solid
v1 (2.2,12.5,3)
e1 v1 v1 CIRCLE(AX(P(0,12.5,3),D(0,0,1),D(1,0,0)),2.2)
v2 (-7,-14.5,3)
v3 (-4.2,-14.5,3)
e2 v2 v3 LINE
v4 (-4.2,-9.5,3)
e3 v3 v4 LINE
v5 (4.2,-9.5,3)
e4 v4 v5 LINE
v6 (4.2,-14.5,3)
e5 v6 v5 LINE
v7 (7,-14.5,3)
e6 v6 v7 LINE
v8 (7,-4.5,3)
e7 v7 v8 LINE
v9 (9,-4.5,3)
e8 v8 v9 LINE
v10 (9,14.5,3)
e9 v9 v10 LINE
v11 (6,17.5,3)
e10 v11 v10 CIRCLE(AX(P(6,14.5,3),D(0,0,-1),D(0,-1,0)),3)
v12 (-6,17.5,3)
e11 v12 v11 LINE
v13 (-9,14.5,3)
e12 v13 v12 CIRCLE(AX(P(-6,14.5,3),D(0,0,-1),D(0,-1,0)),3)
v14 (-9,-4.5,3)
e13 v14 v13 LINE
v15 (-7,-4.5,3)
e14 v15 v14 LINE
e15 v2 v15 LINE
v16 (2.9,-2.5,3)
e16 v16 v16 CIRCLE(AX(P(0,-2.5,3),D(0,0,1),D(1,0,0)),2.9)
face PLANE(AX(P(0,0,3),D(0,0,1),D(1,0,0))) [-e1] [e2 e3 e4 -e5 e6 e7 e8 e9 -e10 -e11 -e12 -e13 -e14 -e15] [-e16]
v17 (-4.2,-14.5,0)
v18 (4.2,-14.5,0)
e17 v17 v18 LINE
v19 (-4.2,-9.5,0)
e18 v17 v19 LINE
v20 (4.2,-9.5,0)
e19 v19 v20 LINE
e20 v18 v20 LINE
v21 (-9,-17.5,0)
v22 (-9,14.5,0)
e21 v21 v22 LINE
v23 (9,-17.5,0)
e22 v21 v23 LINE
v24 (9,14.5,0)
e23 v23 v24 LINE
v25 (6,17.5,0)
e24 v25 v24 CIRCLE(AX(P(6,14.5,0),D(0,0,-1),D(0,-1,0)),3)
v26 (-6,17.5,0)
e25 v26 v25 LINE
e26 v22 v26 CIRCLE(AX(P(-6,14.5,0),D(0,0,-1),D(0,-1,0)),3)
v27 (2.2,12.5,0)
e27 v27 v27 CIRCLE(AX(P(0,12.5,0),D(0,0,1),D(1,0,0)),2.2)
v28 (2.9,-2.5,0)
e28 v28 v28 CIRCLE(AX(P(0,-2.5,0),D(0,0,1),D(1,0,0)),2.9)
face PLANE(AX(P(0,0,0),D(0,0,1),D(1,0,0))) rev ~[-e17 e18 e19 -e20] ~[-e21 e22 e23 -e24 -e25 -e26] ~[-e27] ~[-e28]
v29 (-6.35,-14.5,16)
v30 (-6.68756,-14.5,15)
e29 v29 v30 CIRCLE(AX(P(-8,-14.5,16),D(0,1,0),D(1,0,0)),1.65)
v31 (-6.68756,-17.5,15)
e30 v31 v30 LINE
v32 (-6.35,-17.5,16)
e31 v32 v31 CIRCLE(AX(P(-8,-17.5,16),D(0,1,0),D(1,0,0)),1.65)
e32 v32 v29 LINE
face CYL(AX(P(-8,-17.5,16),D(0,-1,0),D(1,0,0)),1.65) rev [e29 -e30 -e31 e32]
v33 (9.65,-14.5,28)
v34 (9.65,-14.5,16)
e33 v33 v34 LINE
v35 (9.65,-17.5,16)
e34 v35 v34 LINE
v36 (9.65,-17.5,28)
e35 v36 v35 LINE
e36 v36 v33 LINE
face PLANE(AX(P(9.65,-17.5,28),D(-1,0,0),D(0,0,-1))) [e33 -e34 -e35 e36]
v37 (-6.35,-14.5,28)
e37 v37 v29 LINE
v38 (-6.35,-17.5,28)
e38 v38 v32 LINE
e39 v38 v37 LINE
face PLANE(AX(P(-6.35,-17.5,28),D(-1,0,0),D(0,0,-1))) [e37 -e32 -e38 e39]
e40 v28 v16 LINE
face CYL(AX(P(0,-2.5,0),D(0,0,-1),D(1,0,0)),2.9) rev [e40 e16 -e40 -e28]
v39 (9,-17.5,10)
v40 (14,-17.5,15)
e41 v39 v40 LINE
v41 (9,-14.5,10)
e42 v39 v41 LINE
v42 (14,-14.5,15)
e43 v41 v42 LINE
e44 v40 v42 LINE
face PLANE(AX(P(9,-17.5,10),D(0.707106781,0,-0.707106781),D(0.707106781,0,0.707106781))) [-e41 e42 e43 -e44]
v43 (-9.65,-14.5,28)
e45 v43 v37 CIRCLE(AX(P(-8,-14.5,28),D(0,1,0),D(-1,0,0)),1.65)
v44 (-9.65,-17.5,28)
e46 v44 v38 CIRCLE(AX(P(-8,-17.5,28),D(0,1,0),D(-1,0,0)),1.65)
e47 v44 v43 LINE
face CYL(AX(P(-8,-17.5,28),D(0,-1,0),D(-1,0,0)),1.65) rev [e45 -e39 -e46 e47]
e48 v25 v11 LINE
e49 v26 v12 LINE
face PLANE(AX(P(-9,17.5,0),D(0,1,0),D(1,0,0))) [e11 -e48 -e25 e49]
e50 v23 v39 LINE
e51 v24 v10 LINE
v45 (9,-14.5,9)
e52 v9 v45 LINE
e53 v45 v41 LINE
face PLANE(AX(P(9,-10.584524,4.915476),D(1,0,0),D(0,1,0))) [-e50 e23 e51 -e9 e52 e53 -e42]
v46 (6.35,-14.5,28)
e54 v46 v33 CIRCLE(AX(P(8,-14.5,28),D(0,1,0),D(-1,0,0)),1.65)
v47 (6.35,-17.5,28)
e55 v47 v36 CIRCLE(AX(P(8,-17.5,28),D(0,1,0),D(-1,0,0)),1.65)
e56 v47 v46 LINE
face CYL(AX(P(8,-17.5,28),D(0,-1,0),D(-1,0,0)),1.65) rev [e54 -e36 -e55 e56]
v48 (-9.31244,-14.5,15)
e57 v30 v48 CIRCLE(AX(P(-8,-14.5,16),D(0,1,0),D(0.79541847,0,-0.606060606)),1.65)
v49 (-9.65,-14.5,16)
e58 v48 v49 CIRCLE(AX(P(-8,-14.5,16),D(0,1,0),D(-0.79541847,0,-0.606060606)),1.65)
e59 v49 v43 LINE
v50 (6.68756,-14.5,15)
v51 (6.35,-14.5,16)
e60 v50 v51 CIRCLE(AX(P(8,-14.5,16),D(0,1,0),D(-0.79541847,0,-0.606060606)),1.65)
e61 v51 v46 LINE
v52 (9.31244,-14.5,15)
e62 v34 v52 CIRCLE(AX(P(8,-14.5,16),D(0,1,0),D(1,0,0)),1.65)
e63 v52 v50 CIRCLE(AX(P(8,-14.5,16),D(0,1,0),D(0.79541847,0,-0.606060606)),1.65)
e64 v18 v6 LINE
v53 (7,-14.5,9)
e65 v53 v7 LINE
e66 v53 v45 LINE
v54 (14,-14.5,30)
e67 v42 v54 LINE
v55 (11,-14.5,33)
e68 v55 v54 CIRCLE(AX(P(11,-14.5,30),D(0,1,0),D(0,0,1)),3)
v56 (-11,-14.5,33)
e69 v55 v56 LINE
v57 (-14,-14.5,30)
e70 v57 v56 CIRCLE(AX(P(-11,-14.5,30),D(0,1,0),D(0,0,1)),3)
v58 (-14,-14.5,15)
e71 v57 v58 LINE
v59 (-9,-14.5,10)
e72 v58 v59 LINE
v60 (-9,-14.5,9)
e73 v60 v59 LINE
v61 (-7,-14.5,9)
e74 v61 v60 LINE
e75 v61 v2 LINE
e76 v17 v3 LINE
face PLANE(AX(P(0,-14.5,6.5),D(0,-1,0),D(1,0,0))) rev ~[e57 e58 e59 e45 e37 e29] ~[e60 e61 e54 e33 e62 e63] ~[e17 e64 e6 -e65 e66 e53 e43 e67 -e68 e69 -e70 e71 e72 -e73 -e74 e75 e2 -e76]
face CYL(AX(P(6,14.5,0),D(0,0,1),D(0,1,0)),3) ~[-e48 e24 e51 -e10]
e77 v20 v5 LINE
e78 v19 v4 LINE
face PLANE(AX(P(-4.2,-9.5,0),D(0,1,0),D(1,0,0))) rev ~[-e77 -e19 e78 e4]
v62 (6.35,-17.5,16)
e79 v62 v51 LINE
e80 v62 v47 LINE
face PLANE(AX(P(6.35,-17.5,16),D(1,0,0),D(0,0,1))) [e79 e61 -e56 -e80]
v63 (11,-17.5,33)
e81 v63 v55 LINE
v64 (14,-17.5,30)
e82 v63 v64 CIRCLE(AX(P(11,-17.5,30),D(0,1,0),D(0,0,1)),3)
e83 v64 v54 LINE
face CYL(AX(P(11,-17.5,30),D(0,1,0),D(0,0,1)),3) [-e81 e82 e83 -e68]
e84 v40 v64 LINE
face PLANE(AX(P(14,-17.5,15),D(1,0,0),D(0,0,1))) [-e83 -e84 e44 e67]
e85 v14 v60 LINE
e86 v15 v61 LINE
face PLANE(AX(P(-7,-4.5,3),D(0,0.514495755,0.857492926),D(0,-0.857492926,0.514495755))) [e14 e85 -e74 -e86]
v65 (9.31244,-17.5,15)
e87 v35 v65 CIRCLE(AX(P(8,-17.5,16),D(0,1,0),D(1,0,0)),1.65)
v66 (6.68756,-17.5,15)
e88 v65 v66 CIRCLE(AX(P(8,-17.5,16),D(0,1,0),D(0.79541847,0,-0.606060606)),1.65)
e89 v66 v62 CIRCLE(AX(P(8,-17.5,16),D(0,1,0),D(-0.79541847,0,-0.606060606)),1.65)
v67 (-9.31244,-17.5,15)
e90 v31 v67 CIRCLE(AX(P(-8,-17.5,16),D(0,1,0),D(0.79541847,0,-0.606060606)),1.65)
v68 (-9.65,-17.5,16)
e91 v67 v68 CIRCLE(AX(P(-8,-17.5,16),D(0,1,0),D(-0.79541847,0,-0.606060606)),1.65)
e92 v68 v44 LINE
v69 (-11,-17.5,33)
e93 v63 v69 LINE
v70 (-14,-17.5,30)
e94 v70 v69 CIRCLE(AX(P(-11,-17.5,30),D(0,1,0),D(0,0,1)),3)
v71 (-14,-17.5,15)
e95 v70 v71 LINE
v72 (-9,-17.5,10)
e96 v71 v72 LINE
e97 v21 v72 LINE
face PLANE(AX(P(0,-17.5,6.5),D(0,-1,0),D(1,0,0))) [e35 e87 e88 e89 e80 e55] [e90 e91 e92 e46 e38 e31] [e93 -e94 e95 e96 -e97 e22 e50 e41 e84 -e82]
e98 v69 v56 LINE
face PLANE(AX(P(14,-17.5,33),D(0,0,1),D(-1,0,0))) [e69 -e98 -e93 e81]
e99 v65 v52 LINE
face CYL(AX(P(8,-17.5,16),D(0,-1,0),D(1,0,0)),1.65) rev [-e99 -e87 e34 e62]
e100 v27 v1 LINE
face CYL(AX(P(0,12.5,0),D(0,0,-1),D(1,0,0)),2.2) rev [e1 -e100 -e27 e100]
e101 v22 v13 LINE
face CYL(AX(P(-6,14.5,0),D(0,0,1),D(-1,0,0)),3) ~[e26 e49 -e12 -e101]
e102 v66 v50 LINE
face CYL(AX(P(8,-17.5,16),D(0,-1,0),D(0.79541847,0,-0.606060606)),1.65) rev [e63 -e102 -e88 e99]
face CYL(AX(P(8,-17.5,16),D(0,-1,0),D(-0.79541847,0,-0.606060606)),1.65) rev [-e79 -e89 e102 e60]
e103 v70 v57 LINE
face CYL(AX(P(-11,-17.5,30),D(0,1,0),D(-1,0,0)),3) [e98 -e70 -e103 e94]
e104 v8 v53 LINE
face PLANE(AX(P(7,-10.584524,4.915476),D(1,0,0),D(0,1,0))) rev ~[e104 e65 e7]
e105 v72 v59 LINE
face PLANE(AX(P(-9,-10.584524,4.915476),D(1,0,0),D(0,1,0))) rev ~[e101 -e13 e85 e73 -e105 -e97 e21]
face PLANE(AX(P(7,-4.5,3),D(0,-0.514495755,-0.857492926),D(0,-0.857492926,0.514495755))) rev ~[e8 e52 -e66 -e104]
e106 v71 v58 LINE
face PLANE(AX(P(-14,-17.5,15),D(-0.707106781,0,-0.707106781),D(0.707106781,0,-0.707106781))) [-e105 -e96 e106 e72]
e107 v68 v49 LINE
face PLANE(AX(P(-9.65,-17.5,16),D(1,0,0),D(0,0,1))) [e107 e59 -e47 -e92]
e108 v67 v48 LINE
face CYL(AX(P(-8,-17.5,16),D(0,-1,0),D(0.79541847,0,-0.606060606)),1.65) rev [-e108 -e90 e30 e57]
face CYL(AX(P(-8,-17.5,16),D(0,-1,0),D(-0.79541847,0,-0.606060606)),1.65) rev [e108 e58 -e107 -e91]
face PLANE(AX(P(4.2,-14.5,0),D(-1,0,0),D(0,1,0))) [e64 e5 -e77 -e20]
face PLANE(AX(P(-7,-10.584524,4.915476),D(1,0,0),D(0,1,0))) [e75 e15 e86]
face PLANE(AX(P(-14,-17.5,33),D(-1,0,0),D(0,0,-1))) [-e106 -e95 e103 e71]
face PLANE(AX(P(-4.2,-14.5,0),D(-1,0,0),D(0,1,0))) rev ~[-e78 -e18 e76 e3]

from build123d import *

# Parameters (mm, degrees)
F0_W     = 18
F0_H     = 35
F0_W_2   = 8.4
F0_H_2   = 5
F0_R     = 2.9
F0_R_2   = 2.2
F1_DEPTH = 3
F2_W     = 18
F2_H     = 7
F3_DEPTH = 3
F5_START = 7
F5_DEPTH = 2
F6_START = -7
F6_DEPTH = 2
F7_R     = 3


with BuildPart() as f1:
    # F0 (on Top) → F1 (new body)
    with BuildSketch(Plane.XY):
        Rectangle(F0_W, F0_H)
        with Locations((0, -12)):
            Rectangle(F0_W_2, F0_H_2, mode=Mode.SUBTRACT)
        with Locations((0, -2.5)):
            Circle(F0_R, mode=Mode.SUBTRACT)
        with Locations((0, 12.5)):
            Circle(F0_R_2, mode=Mode.SUBTRACT)
    extrude(amount=F1_DEPTH)

    # F2 (on face) → F3 (join)
    with BuildSketch(Plane.XZ.offset(17.5)):
        with Locations((0, 6.5)):
            Rectangle(F2_W, F2_H)
        with BuildLine():
            Line((-14, 15), (-9, 10))
            Line((-9, 10), (9, 10))
            Line((9, 10), (14, 15))
            Line((14, 15), (9.3124404748, 15))
            ThreePointArc((9.3124404748, 15), (8, 14.35), (6.6875595252, 15))
            Line((6.6875595252, 15), (-6.6875595252, 15))
            ThreePointArc((-6.6875595252, 15), (-8, 14.35), (-9.3124404748, 15))
            Line((-9.3124404748, 15), (-14, 15))
        make_face()
        with BuildLine():
            Line((-14, 33), (-14, 15))
            Line((-14, 15), (-9.3124404748, 15))
            ThreePointArc((-9.3124404748, 15), (-9.5633340627, 15.4722816961), (-9.65, 16))
            Line((-9.65, 16), (-9.65, 28))
            ThreePointArc((-9.65, 28), (-8, 29.65), (-6.35, 28))
            Line((-6.35, 28), (-6.35, 16))
            ThreePointArc((-6.35, 16), (-6.4366659373, 15.4722816961), (-6.6875595252, 15))
            Line((-6.6875595252, 15), (6.6875595252, 15))
            ThreePointArc((6.6875595252, 15), (6.4366659373, 15.4722816961), (6.35, 16))
            Line((6.35, 16), (6.35, 28))
            ThreePointArc((6.35, 28), (8, 29.65), (9.65, 28))
            Line((9.65, 28), (9.65, 16))
            ThreePointArc((9.65, 16), (9.5633340627, 15.4722816961), (9.3124404748, 15))
            Line((9.3124404748, 15), (14, 15))
            Line((14, 15), (14, 33))
            Line((14, 33), (-14, 33))
        make_face()
    extrude(amount=-F3_DEPTH)

    # F4 (on Right) → F5 (join)
    with BuildSketch(Plane.YZ.offset(F5_START)):
        Polygon((-4.5, 3), (-14.5, 9), (-14.5, 3), align=None)
    extrude(amount=F5_DEPTH)

    # F4 (on Right) → F6 (join)
    with BuildSketch(Plane.YZ.offset(F6_START)):
        Polygon((-4.5, 3), (-14.5, 9), (-14.5, 3), align=None)
    extrude(amount=-F6_DEPTH)

    # F7
    f7_edges = [f1.edges().sort_by_distance(p)[0] for p in [
        (-14, -16, 33),
        (14, -16, 33),
        (9, 17.5, 1.5),
        (-9, 17.5, 1.5),
    ]]
    fillet(f7_edges, radius=F7_R)


solid = f1.part
